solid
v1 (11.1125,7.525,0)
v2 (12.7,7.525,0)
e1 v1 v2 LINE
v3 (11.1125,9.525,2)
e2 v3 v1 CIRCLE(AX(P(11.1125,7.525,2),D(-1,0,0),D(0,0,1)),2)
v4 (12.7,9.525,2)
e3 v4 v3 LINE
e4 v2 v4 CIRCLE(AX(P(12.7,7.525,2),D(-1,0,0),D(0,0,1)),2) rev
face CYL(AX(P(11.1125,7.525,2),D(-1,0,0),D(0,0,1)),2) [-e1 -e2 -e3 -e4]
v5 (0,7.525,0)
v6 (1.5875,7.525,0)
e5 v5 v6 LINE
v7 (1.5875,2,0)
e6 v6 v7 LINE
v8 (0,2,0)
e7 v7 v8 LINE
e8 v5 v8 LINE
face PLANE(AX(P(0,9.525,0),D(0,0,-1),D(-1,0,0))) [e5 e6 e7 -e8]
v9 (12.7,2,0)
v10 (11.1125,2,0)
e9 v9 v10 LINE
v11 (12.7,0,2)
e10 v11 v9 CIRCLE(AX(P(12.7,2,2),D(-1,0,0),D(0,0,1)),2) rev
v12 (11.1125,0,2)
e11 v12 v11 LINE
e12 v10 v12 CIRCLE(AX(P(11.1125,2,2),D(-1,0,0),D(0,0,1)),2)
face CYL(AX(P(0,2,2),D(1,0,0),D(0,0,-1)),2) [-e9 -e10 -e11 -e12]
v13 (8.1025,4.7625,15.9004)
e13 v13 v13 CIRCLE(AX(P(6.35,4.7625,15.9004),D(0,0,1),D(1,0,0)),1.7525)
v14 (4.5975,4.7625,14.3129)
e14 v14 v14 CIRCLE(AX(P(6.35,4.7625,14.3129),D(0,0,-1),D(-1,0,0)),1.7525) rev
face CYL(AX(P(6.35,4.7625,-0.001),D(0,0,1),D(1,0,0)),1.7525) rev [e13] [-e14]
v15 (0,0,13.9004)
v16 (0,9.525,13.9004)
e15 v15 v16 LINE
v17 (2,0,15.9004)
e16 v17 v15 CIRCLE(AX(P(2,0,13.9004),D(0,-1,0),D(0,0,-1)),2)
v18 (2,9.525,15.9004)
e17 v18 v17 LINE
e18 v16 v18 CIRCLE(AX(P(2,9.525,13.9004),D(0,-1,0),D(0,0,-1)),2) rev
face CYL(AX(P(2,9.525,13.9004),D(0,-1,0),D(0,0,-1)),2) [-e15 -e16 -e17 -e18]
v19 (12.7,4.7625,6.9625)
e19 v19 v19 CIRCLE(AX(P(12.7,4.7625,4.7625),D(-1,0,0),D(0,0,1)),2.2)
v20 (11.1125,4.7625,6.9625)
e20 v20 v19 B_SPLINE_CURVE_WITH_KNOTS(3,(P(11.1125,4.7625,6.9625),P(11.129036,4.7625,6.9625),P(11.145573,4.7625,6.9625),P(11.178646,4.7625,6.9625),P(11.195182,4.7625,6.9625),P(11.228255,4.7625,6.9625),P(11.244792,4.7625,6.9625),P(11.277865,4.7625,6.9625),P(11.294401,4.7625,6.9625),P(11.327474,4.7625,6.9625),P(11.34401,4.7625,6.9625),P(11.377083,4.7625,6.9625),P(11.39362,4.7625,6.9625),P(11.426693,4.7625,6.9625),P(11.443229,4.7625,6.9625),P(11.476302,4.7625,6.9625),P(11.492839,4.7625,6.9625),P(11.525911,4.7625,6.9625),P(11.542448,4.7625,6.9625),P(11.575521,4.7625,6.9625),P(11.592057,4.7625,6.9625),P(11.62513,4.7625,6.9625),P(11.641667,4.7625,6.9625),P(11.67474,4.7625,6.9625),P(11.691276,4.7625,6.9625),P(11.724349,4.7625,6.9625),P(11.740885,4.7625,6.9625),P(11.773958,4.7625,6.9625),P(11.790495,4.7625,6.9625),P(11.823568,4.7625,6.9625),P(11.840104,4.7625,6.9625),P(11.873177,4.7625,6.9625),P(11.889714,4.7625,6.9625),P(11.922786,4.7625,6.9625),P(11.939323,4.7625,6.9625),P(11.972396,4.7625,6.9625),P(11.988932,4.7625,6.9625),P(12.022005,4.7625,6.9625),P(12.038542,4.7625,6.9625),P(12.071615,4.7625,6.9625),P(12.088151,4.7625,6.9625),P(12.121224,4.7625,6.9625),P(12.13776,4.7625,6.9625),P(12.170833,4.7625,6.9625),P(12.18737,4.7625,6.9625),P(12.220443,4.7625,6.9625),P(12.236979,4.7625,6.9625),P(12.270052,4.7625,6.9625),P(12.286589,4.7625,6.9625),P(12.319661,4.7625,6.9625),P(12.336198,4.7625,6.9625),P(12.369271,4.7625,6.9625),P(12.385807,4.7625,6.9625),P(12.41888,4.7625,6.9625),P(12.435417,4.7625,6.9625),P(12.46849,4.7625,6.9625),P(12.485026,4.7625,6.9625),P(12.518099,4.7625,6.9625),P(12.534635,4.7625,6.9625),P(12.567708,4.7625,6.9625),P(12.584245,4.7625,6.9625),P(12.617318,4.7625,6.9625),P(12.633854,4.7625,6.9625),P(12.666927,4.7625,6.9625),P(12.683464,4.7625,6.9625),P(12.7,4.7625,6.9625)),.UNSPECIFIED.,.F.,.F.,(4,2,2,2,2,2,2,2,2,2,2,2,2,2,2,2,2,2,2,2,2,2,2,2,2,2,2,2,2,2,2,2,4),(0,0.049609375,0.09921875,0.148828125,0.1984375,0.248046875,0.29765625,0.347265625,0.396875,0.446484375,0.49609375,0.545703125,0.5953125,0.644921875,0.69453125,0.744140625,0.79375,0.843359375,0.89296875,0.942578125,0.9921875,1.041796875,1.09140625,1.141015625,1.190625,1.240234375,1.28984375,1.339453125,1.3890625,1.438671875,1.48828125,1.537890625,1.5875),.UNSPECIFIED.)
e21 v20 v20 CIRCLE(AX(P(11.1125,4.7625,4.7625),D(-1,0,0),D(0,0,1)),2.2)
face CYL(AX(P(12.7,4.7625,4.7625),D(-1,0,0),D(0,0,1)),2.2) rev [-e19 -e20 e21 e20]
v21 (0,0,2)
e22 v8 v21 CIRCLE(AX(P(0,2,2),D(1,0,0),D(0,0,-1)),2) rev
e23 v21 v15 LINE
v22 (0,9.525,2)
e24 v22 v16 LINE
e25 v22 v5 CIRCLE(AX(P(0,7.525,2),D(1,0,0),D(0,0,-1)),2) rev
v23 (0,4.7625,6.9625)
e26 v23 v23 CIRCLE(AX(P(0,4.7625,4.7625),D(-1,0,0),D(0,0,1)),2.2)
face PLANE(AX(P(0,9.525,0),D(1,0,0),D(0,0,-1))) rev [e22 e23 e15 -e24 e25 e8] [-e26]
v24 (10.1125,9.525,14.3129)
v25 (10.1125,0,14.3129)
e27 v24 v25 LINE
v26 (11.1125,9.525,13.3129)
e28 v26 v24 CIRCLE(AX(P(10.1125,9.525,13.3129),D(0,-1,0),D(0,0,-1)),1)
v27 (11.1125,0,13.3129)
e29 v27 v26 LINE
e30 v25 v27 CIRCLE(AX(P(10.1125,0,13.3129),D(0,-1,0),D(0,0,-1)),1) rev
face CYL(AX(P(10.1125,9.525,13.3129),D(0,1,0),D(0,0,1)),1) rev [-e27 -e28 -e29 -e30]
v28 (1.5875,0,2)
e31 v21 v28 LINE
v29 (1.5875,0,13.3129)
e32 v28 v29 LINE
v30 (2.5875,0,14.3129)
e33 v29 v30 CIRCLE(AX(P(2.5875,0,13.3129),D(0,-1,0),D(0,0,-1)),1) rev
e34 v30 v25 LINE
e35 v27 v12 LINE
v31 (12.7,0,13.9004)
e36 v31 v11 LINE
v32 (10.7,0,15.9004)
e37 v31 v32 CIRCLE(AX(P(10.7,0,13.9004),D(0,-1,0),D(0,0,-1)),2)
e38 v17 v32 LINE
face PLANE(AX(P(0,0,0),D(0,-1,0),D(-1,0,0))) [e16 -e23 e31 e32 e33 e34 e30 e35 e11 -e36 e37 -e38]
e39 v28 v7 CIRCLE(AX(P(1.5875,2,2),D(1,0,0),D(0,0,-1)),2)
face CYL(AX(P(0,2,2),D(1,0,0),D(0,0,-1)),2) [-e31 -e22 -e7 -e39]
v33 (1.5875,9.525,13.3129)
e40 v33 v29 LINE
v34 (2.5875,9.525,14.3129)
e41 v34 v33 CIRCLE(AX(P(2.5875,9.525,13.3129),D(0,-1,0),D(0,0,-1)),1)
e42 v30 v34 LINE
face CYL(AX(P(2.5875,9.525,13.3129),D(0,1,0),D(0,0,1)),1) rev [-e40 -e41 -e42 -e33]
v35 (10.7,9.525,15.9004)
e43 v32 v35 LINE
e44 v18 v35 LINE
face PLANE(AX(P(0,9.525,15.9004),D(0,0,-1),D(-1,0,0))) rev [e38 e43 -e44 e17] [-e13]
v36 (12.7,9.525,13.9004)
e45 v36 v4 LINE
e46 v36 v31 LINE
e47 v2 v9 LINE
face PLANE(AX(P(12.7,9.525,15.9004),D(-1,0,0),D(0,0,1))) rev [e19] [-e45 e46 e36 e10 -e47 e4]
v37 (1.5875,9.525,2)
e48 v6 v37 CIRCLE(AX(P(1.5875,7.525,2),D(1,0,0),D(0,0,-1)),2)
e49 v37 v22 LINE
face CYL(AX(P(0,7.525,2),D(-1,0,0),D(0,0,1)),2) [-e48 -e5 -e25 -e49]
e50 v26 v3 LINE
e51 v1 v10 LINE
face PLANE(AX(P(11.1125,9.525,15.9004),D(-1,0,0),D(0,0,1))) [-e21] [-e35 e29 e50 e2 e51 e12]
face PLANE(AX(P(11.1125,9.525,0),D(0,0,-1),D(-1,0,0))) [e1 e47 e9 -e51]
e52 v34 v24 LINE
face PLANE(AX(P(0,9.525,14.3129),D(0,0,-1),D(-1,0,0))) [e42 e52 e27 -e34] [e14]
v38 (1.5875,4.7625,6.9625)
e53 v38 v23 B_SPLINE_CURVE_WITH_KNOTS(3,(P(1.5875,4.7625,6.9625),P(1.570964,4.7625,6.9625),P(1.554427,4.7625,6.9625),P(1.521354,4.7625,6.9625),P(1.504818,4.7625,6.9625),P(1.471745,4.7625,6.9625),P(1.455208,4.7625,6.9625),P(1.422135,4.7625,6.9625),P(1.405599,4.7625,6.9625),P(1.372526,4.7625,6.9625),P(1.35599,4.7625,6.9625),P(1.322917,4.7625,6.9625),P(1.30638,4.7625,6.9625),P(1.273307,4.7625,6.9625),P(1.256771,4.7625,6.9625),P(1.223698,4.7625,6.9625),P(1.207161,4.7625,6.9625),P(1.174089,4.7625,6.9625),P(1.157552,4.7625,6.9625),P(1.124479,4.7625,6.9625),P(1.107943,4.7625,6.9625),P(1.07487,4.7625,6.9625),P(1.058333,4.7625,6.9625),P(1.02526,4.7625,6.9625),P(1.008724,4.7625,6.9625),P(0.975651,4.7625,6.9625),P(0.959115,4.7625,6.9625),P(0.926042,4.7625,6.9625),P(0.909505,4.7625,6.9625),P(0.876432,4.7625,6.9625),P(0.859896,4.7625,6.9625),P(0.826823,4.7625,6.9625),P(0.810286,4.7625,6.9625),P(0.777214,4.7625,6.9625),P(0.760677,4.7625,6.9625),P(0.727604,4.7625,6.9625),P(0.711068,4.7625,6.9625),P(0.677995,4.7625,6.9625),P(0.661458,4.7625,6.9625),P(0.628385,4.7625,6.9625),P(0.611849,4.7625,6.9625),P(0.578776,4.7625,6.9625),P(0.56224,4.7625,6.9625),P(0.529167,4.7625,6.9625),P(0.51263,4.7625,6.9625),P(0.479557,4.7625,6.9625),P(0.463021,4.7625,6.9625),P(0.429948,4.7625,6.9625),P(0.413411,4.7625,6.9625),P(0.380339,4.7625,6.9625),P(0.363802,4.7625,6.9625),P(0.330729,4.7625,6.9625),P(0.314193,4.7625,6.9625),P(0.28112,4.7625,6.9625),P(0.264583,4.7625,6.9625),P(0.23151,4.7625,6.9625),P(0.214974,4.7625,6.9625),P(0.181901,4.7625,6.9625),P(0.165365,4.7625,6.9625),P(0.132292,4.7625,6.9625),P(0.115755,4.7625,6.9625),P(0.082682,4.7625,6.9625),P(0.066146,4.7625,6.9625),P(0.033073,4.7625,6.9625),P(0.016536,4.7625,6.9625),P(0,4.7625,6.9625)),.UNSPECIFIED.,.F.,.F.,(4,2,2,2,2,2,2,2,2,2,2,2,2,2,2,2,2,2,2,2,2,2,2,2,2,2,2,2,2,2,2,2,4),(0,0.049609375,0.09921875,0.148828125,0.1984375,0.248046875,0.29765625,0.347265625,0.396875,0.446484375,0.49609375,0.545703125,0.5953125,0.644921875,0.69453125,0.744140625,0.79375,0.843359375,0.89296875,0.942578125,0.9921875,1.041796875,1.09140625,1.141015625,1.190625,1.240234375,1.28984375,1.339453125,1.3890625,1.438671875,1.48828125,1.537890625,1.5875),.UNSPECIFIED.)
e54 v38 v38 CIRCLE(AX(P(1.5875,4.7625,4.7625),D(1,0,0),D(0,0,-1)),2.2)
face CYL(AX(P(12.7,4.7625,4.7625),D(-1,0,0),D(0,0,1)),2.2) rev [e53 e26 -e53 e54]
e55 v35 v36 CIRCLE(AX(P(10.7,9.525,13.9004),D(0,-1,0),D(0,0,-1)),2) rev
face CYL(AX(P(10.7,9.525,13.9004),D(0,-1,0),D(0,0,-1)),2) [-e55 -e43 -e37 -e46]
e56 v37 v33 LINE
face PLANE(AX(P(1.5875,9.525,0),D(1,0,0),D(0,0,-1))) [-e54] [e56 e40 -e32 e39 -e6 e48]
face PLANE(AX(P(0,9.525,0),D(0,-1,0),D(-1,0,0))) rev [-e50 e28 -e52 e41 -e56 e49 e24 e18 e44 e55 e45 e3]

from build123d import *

# Parameters (mm, degrees)
EXTRUDE_THIN1_DEPTH = 9.525
FILLET1_R           = 1
FILLET3_R           = 2
FILLET4_R           = 2
SKETCH2_R           = 2.2
CUT_EXTRUDE1_DEPTH  = 23.468607993
CUT_EXTRUDE2_REACH  = 24.469
SKETCH3_R           = 1.7525


with BuildPart() as part:
    # Sketch1 → Extrude-Thin1 (new body)
    with BuildSketch(Plane(origin=(0, 0, 0), x_dir=(1, 0, 0), z_dir=(0, 1, 0))):
        Polygon((0, 0), (0, -15.9004), (12.7, -15.9004), (12.7, 0), (11.1125, 0), (11.1125, -14.3129), (1.5875, -14.3129), (1.5875, 0), align=None)
    extrude(amount=EXTRUDE_THIN1_DEPTH)

    # Fillet1
    fillet1_edges = [part.edges().sort_by_distance(p)[0] for p in [
        (1.5875, 4.7625, 14.3129),
        (11.1125, 4.7625, 14.3129),
    ]]
    fillet(fillet1_edges, radius=FILLET1_R)

    # Fillet3
    fillet3_edges = [part.edges().sort_by_distance(p)[0] for p in [
        (12.7, 4.7625, 15.9004),
        (0, 4.7625, 15.9004),
    ]]
    fillet(fillet3_edges, radius=FILLET3_R)

    # Fillet4
    fillet4_edges = [part.edges().sort_by_distance(p)[0] for p in [
        (0.79375, 9.525, 0),
        (0.79375, 0, 0),
        (11.90625, 9.525, 0),
        (11.90625, 0, 0),
    ]]
    fillet(fillet4_edges, radius=FILLET4_R)

    # Sketch2 → Cut-Extrude1 (cut, through all)
    with BuildSketch(Plane.ZY):
        with Locations((4.7625, 4.7625)):
            Circle(SKETCH2_R)
    extrude(amount=-CUT_EXTRUDE1_DEPTH, mode=Mode.SUBTRACT)

    # Sketch3 → Cut-Extrude2 (cut, up to next)
    with BuildSketch(Plane.XY.offset(15.9004), mode=Mode.PRIVATE) as cut_extrude2_sk1:
        with Locations((6.35, 4.7625)):
            Circle(SKETCH3_R)
    cut_extrude2_tool1 = extrude(cut_extrude2_sk1.sketch, amount=-CUT_EXTRUDE2_REACH, mode=Mode.PRIVATE) & part.part
    add(cut_extrude2_tool1.solids().sort_by_distance((6.35, 4.7625, 15.9004))[0], mode=Mode.SUBTRACT)


solid = part.part
